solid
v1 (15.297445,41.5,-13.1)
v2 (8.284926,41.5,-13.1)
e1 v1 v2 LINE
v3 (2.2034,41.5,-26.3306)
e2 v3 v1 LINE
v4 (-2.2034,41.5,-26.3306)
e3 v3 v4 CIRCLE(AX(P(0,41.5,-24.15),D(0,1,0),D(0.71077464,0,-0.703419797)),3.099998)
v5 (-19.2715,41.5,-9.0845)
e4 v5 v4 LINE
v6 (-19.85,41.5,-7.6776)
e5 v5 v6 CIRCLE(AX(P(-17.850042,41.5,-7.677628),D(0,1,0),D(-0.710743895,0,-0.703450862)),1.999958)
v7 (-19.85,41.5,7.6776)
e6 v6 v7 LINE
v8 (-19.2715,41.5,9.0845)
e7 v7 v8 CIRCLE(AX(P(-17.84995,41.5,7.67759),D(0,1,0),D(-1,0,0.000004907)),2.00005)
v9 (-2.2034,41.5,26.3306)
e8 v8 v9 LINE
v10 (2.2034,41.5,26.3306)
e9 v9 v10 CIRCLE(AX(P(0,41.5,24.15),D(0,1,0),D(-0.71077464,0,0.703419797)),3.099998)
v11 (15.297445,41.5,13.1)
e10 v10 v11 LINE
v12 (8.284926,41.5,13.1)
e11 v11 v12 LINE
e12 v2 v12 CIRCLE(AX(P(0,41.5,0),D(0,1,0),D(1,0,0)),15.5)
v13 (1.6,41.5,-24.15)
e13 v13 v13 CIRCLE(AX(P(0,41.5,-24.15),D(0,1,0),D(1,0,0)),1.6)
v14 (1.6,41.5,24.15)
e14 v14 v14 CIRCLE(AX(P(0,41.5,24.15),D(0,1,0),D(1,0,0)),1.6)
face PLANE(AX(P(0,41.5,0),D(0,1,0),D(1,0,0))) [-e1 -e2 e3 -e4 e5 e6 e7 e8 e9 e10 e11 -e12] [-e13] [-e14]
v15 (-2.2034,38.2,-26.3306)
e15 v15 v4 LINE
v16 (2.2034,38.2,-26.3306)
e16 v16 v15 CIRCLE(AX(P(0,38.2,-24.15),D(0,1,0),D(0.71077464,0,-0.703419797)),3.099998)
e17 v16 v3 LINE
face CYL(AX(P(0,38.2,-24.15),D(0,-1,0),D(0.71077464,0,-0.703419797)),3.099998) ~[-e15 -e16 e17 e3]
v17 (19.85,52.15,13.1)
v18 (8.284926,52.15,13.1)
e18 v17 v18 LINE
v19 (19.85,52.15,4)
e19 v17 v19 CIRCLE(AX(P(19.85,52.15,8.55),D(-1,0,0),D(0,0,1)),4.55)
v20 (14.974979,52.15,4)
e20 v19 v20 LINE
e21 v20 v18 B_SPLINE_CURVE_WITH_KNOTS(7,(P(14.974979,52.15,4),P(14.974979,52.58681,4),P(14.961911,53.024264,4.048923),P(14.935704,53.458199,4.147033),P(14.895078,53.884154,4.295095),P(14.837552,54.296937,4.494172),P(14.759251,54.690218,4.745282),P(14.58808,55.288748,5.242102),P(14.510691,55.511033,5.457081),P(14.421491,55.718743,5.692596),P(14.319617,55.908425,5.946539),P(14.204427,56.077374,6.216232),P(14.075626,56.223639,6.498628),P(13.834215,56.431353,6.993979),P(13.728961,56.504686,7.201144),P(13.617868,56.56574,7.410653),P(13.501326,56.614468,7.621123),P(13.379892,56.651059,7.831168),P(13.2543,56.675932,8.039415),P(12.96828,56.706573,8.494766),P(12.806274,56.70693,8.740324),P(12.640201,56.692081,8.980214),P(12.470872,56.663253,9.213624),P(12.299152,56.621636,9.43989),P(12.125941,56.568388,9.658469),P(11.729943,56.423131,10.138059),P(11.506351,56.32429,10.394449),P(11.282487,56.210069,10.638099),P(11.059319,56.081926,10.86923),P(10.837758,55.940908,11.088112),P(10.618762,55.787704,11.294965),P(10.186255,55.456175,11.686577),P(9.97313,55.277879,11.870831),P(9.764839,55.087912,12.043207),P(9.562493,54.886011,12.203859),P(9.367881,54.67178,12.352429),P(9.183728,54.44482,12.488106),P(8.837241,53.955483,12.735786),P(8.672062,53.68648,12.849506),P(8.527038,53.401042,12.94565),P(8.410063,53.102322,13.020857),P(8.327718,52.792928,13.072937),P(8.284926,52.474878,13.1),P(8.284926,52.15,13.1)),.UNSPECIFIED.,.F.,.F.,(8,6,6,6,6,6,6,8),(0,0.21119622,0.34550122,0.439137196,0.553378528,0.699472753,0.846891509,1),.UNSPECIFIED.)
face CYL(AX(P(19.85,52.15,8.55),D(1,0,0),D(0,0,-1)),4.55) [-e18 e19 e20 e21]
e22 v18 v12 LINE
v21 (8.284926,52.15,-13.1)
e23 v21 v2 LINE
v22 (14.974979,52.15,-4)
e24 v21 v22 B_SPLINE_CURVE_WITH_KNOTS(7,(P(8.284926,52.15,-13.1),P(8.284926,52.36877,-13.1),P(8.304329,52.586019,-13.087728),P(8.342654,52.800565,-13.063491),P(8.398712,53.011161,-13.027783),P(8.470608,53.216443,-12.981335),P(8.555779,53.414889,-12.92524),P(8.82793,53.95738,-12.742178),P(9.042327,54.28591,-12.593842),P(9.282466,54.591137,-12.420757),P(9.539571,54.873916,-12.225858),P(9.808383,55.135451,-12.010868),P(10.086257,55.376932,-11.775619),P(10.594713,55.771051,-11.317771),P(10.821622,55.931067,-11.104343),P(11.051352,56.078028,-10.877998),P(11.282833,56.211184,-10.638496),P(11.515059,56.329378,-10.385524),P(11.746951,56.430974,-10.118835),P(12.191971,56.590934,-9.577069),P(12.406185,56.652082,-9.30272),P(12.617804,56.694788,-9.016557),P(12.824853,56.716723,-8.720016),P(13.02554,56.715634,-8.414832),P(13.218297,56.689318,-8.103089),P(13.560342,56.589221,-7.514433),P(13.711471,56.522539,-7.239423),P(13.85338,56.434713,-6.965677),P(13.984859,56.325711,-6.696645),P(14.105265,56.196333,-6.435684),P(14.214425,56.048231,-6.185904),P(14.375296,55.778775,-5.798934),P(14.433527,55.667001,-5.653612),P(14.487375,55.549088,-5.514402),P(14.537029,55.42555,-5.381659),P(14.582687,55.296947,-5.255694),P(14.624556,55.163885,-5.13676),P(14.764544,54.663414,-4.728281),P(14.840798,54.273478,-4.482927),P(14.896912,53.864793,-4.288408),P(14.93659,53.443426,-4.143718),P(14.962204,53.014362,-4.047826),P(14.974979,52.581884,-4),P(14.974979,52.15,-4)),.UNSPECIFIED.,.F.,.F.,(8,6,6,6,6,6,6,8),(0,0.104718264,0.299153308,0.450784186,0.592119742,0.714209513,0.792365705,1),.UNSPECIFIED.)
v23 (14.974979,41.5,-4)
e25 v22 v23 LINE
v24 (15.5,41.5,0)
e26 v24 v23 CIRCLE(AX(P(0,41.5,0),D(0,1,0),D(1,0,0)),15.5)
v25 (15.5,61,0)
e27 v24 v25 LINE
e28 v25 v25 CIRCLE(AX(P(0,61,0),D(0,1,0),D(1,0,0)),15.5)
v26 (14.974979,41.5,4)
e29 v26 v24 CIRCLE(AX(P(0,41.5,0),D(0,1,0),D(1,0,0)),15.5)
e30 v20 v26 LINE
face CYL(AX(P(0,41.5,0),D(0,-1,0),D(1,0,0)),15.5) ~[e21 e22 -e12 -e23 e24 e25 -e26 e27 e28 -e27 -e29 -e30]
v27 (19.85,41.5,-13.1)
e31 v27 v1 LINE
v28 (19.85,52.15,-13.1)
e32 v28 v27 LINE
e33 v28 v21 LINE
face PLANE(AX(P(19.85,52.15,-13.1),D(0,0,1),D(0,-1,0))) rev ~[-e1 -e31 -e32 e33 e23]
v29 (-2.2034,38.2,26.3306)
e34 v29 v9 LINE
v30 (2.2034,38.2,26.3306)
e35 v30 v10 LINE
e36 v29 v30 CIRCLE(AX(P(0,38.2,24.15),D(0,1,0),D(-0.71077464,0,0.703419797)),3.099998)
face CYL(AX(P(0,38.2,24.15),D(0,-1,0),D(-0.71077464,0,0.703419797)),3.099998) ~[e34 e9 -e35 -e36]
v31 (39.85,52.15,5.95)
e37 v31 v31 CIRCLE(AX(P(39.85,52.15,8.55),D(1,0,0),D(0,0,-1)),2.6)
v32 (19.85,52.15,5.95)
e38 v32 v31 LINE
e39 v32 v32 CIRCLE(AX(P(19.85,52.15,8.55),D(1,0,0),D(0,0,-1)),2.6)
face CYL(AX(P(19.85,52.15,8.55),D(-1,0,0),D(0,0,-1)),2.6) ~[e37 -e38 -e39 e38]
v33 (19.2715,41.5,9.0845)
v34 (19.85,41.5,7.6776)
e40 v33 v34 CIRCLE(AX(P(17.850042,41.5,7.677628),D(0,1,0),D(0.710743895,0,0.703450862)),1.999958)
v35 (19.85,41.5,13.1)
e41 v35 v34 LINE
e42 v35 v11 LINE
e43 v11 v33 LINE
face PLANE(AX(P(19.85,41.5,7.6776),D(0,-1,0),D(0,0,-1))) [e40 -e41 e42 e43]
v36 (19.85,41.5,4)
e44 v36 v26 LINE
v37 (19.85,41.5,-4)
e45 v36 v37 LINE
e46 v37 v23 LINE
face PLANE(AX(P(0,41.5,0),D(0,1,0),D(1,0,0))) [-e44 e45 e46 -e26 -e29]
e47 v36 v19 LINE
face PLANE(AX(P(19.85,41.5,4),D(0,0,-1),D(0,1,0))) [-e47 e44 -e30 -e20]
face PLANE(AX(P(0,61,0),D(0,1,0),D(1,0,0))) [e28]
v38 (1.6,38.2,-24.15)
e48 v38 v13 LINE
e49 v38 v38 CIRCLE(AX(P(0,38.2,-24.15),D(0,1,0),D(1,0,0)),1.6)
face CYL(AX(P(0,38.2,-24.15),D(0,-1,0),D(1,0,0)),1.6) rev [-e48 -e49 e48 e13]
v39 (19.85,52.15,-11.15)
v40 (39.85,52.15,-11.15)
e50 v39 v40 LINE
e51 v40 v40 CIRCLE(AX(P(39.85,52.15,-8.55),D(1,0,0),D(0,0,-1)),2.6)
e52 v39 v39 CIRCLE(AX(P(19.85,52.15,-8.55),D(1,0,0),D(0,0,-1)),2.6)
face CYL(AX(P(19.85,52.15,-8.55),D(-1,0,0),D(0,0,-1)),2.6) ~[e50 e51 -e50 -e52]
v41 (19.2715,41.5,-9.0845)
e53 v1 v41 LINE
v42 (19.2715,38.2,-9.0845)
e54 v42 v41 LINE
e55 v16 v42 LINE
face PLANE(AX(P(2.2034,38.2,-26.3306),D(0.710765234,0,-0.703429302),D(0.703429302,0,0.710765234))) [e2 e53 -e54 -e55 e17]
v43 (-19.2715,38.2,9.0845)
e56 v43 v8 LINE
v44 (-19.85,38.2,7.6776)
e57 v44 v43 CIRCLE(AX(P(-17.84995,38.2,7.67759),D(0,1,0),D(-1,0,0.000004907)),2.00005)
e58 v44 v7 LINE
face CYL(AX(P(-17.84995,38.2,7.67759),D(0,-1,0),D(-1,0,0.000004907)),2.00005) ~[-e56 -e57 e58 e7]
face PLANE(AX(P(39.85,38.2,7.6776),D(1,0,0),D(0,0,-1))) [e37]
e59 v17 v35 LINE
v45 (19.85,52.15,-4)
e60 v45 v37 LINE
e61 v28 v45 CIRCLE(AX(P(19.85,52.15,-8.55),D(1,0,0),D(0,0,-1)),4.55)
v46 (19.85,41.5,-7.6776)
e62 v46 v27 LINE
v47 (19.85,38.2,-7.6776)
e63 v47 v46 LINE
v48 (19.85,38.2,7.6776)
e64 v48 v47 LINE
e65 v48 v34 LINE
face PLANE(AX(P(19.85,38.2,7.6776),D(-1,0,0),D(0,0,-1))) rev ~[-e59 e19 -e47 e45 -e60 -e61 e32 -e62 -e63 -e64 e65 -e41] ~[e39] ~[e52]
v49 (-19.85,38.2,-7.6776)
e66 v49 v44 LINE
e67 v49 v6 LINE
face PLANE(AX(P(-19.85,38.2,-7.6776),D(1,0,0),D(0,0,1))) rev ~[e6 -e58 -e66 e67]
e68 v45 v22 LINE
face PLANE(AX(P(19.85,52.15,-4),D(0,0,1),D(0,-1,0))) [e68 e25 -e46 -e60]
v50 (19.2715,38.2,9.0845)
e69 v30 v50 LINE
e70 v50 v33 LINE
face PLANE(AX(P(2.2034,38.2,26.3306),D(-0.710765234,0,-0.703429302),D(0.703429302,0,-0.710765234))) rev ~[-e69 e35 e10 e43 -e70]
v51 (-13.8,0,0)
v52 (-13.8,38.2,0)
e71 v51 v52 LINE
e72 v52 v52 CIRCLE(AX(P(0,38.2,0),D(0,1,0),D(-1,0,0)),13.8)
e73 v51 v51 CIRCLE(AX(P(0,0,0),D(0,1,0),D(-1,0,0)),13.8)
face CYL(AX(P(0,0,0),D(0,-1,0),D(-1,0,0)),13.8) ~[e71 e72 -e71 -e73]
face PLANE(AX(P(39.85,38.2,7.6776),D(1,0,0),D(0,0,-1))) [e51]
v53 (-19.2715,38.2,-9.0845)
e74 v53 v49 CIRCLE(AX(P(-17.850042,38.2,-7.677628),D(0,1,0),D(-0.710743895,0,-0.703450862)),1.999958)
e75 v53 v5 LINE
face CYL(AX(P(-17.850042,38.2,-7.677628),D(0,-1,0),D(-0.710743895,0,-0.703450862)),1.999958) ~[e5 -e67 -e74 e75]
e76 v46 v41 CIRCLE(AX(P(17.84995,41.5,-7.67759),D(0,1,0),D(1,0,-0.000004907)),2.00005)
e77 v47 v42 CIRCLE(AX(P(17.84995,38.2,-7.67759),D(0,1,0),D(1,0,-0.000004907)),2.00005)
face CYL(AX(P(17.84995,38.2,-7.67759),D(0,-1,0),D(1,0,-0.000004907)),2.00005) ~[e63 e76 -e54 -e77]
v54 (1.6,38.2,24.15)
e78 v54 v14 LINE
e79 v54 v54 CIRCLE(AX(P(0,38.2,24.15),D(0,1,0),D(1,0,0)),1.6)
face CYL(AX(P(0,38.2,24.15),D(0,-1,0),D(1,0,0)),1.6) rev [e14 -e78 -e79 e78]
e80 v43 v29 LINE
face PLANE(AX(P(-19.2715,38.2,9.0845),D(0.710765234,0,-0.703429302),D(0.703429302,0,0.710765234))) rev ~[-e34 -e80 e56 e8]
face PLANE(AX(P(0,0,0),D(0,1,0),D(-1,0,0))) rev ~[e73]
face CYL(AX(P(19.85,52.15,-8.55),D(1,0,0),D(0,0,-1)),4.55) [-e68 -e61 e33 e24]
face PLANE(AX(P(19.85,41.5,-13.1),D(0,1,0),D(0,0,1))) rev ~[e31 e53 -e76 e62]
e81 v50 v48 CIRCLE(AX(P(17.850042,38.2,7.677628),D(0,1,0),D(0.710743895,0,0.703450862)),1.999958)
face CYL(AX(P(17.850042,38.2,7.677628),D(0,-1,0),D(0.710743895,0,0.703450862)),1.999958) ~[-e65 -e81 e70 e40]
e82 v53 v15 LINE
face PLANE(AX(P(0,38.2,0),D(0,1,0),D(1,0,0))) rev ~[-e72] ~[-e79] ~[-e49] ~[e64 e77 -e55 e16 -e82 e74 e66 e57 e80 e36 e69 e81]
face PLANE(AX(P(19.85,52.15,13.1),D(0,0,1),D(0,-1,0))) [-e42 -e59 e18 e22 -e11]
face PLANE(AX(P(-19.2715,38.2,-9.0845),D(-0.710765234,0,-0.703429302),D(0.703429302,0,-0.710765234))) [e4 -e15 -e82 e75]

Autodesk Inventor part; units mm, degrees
ref_plane "YZ Plane" through (0, 0, 0) normal (1, 0, 0) x (0, 1, 0)
ref_plane "XZ Plane" through (0, 0, 0) normal (0, 1, 0) x (-1, 0, 0)
ref_plane "XY Plane" through (0, 0, 0) normal (0, 0, 1) x (1, 0, 0)
sketch "Sketch1" plane through (0, 0, 0) normal (0, 1, 0) x (-1, 0, 0)
  circle A0 centre (0, 0) radius 13.8
  dimension "d0" = 27.6
extrude "Extrusion1" add sketch "Sketch1" along normal blind 38.2
sketch "Sketch2" plane through (0, 38.2, 0) normal (0, 1, 0) x (1, 0, 0)
  line L0 (-19.85, -8.5) -> (19.85, -8.5) construction
  line L1 (19.85, -7.6776) -> (19.85, 7.6776)
  line L2 (19.85, 8.5) -> (-19.85, 8.5) construction
  line L3 (-19.85, 7.6776) -> (-19.85, -7.6776)
  line L4 (-19.2715, -9.0845) -> (-2.2034, -26.3306)
  line L5 (-2.2034, -26.3306) -> (2.2034, -26.3306) construction
  line L6 (2.2034, -26.3306) -> (19.2715, -9.0845)
  arc A0 (-2.2034, -26.3306) -> (2.2034, -26.3306) centre (0, -24.15) ccw
  circle A1 centre (0, -24.15) radius 1.6
  line L7 (-19.85, 0) -> (19.85, 0) construction
  line L8 (-19.2715, 9.0845) -> (-2.2034, 26.3306)
  line L9 (2.2034, 26.3306) -> (19.2715, 9.0845)
  arc A2 (2.2034, 26.3306) -> (-2.2034, 26.3306) centre (0, 24.15) ccw
  circle A3 centre (0, 24.15) radius 1.6
  arc A4 (-19.85, -7.6776) -> (-19.2715, -9.0845) centre (-17.85, -7.6776) ccw
  arc A5 (-19.2715, 9.0845) -> (-19.85, 7.6776) centre (-17.85, 7.6776) ccw
  arc A6 (19.85, 7.6776) -> (19.2715, 9.0845) centre (17.85, 7.6776) ccw
  arc A7 (19.2715, -9.0845) -> (19.85, -7.6776) centre (17.85, -7.6776) ccw
  point P0 (0, 0)
  point P1 (0, 8.5)
  point P2 (0, -27.25)
  dimension "d3" = 39.7
  dimension "d4" = 17
  dimension "d6" = 3.2
  dimension "d7" = 1.5
  dimension "d8" = 27.25
  dimension "d9" = 2
extrude "Extrusion2" add sketch "Sketch2" along normal blind 3.3
sketch "Sketch3" plane through (0, 41.5, 0) normal (0, 1, 0) x (1, 0, 0)
  circle A0 centre (0, 0) radius 13.8 construction
  circle A1 centre (0, 0) radius 15.5
  dimension "d12" = 31
extrude "Extrusion3" add sketch "Sketch3" along normal blind 19.5
sketch "Sketch4" plane through (19.85, 38.2, 7.6776) normal (1, 0, 0) x (0, 0, -1)
  line L0 (23.1776, 22.8) -> (-7.8224, 22.8) projected
  line L1 (-7.8224, 3.3) -> (23.1776, 3.3) construction
  line L2 (-7.8224, 3.3) -> (-7.8224, 22.8) projected
  line L3 (23.1776, 3.3) -> (23.1776, 22.8) projected
  line L4 (3.6776, 18.5) -> (11.6776, 18.5)
  line L5 (11.6776, 18.5) -> (11.6776, 3.3)
  line L6 (11.6776, 3.3) -> (3.6776, 3.3)
  line L7 (3.6776, 3.3) -> (3.6776, 18.5)
  line L8 (0, 3.3) -> (15.3553, 3.3) projected
  line L9 (3.6776, 18.5) -> (-5.4224, 18.5)
  line L10 (-5.4224, 18.5) -> (-5.4224, 3.3)
  line L11 (-5.4224, 3.3) -> (3.6776, 3.3)
  line L12 (3.6776, 3.3) -> (3.6776, 18.5)
  line L13 (7.6776, 3.3) -> (7.6776, 18.5) construction
  arc A0 (3.6776, 13.95) -> (-5.4224, 13.95) centre (-0.8724, 13.95) ccw
  line L14 (20.7776, 18.5) -> (20.7776, 3.3)
  line L15 (20.7776, 3.3) -> (11.6776, 3.3)
  arc A1 (20.7776, 13.95) -> (11.6776, 13.95) centre (16.2276, 13.95) ccw
  point P0 (7.6776, -38.2)
  point P1 (11.6776, 13.95)
  point P2 (3.6776, 13.95)
  dimension "d15" = 8
  dimension "d16" = 15.2
  dimension "d17" = 9.1
extrude "Extrusion4" add sketch "Sketch4" against normal up to surface contours L7 L8 L11 L10 A0 | A1 L14 L15 L8 L5
sketch "Sketch5" plane through (19.85, 38.2, 7.6776) normal (1, 0, 0) x (0, 0, -1)
  arc A0 (3.6776, 13.95) -> (-5.4224, 13.95) centre (-0.8724, 13.95) ccw projected
  arc A1 (20.7776, 13.95) -> (11.6776, 13.95) centre (16.2276, 13.95) ccw projected
  circle A2 centre (-0.8724, 13.95) radius 2.6
  circle A3 centre (16.2276, 13.95) radius 2.6
  point P0 (7.6776, -38.2)
  dimension "d20" = 5.2
  dimension "d21" = 5.2
extrude "Extrusion5" add sketch "Sketch5" along normal blind 20
equation "\"d18\" = d16"
properties part number "peristaltic pump"
